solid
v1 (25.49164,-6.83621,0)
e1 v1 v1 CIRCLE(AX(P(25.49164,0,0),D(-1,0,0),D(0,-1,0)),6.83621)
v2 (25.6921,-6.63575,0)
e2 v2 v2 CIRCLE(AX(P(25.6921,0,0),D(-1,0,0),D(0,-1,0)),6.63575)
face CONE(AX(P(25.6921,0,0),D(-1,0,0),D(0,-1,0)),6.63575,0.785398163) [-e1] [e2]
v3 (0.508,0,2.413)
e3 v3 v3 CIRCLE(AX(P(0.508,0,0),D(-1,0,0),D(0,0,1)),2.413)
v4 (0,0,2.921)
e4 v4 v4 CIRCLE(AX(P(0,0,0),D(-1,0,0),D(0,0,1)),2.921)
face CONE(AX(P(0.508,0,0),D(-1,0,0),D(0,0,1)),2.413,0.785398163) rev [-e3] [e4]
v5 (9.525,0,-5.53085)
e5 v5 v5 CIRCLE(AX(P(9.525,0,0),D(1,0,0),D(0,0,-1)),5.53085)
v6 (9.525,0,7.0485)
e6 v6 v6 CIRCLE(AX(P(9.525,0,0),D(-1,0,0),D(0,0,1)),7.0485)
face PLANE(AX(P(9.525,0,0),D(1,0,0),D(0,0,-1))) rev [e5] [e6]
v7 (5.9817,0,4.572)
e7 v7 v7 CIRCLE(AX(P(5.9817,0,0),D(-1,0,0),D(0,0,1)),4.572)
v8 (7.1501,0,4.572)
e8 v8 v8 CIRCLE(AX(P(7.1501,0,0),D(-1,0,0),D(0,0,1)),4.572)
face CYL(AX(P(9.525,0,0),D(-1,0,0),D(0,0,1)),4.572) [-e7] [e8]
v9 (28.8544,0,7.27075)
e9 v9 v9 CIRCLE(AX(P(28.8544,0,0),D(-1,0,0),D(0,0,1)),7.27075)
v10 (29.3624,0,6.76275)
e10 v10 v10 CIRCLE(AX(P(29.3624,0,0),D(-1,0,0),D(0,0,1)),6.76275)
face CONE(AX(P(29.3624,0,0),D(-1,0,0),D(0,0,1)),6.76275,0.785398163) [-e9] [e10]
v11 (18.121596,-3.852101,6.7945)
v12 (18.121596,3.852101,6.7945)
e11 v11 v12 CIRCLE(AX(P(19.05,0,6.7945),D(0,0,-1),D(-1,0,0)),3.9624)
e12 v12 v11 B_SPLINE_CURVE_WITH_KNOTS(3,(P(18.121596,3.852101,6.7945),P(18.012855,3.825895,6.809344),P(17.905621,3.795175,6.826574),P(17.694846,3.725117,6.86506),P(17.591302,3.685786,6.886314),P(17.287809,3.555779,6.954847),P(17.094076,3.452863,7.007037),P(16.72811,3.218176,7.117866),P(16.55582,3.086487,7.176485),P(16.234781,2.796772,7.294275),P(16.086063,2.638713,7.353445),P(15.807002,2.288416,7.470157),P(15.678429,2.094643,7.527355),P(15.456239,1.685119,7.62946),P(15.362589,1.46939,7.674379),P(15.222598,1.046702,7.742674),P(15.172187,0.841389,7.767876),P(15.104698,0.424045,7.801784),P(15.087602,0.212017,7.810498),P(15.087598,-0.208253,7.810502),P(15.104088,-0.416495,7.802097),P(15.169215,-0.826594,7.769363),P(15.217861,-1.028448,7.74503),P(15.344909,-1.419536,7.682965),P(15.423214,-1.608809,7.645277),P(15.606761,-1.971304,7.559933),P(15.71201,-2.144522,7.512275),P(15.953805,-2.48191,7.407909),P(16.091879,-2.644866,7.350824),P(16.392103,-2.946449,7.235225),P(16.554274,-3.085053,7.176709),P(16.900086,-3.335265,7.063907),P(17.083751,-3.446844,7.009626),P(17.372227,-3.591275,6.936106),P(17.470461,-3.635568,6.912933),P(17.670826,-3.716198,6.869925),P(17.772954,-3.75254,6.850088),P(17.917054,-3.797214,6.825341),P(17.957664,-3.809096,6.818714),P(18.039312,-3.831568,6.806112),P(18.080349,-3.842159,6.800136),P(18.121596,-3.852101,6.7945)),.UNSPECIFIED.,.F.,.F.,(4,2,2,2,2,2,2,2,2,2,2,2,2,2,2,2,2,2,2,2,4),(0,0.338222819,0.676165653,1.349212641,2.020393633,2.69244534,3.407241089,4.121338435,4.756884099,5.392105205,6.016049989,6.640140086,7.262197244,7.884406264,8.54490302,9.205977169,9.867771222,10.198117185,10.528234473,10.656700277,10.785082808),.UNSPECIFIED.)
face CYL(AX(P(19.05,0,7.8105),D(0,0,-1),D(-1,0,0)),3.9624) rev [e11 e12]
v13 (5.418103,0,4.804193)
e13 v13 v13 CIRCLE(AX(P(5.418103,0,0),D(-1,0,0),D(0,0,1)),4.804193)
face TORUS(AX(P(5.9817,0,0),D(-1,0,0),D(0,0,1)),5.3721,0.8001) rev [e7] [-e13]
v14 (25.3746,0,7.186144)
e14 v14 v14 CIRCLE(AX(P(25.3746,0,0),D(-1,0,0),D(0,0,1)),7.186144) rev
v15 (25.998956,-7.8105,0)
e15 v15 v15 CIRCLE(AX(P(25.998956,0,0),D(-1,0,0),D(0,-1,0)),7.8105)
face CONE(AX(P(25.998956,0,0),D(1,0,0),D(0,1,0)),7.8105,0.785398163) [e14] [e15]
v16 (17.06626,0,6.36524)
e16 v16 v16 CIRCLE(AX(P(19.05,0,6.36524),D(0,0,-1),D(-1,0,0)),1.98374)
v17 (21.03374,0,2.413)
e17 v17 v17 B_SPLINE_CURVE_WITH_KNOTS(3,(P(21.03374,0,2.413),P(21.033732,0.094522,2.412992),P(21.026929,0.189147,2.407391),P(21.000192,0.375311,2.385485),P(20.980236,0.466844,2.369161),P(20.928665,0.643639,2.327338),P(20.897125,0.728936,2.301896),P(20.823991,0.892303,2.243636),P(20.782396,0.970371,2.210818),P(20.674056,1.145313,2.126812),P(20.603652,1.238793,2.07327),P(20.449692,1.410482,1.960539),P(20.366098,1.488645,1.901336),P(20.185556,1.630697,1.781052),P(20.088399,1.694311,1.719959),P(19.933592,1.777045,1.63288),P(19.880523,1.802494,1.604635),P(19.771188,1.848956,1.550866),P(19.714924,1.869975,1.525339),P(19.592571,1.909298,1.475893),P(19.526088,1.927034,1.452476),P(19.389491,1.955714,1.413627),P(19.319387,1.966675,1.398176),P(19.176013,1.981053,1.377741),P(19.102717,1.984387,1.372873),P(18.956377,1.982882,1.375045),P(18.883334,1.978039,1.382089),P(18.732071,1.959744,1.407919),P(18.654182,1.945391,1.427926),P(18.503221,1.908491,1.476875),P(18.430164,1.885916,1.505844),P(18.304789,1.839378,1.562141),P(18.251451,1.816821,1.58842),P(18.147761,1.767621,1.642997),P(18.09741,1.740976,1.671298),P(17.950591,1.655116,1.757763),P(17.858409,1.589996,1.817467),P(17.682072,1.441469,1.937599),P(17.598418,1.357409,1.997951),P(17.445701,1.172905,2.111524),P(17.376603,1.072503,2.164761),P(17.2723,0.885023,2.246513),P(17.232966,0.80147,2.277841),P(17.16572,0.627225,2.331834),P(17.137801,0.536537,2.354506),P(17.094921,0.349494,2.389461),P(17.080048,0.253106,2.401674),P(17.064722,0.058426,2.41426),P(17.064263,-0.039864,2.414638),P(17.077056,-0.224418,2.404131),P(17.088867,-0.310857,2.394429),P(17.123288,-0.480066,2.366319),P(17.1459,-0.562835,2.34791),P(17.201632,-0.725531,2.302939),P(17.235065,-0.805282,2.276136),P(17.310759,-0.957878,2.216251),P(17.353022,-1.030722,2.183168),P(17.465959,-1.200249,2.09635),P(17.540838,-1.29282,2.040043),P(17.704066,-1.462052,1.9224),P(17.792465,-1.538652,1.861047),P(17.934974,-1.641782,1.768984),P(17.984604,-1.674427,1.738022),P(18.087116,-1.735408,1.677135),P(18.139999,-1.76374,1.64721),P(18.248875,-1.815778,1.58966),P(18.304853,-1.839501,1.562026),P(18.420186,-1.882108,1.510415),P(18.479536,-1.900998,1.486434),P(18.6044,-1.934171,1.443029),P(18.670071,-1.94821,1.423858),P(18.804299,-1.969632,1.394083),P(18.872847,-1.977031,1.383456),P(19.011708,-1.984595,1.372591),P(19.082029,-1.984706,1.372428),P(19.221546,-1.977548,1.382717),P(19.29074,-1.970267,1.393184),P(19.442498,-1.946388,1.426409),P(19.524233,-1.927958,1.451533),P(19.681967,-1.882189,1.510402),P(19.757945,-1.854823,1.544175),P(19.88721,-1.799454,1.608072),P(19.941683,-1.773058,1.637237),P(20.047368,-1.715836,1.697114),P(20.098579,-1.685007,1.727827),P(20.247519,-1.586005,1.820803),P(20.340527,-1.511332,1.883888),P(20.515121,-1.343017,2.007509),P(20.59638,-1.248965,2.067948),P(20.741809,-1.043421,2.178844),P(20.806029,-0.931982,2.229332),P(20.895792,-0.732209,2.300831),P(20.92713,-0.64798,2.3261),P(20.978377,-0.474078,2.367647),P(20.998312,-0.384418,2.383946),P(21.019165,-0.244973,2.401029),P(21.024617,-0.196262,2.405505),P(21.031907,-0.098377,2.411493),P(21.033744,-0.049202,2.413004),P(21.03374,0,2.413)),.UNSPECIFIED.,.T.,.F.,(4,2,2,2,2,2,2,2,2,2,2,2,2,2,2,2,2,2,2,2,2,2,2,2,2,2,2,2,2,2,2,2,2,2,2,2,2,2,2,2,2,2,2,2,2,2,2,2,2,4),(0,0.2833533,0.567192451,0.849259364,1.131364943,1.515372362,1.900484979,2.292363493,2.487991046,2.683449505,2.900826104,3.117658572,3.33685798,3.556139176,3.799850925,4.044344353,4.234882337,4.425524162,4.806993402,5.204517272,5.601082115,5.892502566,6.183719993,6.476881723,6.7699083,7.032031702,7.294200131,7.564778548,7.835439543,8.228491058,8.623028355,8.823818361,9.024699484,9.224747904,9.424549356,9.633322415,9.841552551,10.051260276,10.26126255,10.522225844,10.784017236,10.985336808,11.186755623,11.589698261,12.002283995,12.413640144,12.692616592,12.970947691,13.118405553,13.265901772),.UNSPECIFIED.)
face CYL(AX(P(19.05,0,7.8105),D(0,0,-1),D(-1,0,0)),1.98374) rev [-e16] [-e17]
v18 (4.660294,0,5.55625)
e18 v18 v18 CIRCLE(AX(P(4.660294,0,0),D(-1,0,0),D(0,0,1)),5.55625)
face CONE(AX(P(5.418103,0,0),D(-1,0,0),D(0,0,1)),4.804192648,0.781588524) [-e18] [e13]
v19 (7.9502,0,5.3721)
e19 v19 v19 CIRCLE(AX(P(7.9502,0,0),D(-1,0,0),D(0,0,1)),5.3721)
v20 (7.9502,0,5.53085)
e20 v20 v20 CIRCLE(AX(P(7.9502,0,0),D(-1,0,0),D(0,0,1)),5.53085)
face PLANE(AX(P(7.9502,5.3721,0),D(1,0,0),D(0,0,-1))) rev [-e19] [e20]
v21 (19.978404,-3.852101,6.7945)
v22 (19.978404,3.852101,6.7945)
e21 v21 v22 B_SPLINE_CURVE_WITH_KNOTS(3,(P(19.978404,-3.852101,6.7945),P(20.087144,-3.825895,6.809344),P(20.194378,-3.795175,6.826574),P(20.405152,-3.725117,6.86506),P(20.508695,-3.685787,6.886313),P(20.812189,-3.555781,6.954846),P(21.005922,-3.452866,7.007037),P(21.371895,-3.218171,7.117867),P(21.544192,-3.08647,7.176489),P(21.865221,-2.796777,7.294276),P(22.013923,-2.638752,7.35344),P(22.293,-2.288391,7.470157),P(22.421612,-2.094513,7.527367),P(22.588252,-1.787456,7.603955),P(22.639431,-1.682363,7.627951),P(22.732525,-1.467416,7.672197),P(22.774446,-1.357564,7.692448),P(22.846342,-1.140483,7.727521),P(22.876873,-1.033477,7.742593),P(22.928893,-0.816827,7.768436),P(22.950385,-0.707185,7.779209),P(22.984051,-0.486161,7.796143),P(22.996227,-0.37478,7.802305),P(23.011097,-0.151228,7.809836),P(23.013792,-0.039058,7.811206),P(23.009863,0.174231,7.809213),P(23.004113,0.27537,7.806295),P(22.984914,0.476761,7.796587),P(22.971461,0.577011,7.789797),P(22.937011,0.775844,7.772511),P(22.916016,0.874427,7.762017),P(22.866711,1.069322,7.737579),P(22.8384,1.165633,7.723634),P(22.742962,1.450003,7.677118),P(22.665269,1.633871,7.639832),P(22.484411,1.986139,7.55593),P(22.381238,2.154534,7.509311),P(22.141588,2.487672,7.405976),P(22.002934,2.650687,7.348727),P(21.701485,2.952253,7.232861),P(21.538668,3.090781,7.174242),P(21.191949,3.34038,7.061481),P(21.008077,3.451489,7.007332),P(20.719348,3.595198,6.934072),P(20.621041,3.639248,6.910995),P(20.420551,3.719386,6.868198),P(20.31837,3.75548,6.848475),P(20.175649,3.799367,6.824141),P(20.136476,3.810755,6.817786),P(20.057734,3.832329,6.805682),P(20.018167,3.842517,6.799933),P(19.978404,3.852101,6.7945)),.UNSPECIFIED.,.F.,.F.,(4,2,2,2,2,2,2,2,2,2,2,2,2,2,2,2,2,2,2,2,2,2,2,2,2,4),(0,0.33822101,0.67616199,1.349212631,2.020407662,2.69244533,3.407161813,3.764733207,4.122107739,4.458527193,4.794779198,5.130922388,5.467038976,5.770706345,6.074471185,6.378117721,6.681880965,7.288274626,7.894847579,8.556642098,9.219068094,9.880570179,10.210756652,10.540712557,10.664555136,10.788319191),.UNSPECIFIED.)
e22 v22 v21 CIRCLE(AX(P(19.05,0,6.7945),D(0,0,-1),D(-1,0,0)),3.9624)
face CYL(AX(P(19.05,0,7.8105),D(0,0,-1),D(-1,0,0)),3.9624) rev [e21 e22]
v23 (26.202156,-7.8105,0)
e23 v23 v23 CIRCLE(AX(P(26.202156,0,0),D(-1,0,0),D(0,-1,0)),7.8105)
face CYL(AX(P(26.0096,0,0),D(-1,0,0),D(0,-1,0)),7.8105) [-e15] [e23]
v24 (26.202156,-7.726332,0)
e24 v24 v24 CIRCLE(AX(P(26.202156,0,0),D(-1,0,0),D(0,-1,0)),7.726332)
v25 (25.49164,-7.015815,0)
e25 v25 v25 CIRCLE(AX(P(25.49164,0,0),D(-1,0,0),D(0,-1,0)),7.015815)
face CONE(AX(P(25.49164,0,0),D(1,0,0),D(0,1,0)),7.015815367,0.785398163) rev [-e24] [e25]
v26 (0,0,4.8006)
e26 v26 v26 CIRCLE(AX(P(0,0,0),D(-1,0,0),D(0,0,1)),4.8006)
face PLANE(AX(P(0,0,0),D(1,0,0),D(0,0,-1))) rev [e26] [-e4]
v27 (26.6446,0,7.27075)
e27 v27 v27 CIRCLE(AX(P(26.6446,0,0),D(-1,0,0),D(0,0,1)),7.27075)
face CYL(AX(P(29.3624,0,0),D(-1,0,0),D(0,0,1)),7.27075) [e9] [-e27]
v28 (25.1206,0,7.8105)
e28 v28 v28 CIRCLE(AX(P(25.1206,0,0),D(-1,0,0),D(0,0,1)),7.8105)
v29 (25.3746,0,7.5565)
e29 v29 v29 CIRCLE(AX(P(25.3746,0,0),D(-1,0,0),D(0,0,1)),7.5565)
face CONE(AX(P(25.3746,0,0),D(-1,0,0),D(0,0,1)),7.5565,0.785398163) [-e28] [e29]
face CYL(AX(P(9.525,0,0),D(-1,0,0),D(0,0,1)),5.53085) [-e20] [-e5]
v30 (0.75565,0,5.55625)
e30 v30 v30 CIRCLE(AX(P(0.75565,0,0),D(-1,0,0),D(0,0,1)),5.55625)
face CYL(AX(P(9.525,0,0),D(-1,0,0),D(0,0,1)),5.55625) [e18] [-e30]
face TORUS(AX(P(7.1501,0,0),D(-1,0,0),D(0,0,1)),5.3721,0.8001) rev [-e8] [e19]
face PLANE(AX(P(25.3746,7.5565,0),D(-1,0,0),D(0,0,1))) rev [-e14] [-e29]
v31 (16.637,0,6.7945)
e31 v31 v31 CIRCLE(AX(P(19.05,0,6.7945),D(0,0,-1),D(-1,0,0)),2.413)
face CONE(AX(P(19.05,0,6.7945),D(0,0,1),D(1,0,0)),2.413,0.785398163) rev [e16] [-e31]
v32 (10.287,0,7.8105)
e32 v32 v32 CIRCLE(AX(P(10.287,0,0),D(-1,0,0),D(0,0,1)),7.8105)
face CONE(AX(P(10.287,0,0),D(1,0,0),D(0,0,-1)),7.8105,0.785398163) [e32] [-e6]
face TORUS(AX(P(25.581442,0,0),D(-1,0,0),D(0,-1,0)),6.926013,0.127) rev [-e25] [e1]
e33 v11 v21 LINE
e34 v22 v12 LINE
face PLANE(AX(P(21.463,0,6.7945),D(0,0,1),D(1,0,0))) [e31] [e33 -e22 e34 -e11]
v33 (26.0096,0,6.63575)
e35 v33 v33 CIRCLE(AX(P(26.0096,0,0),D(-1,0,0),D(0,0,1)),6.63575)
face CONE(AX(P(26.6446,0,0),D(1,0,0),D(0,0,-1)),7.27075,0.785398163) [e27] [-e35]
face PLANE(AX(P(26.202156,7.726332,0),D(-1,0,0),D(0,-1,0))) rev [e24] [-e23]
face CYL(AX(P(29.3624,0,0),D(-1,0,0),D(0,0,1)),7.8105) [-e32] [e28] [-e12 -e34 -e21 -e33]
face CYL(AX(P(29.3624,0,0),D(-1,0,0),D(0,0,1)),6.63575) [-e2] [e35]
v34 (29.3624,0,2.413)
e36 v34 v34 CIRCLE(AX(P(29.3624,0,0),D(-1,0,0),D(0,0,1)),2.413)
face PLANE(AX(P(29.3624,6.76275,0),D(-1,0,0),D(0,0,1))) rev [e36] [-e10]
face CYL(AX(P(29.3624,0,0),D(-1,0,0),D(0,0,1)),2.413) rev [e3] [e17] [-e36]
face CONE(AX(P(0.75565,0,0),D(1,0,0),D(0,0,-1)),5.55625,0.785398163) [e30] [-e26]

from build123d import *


with BuildPart() as part:
    # Sketch1 → Revolve1 (revolve)
    with BuildSketch(Plane.XY):
        with BuildLine():
            Line((0, 0), (0, 4.8006))
            Line((0, 4.8006), (0.75565, 5.55625))
            Line((0.75565, 5.55625), (4.660293864, 5.55625))
            Line((4.660293864, 5.55625), (5.418103291, 4.804192648))
            ThreePointArc((5.418103291, 4.804192648), (5.676923575, 4.6323221), (5.9817, 4.572))
            Line((5.9817, 4.572), (7.1501, 4.572))
            ThreePointArc((7.1501, 4.572), (7.715856136, 4.806343864), (7.9502, 5.3721))
            Line((7.9502, 5.3721), (7.9502, 5.53085))
            Line((7.9502, 5.53085), (9.525, 5.53085))
            Line((9.525, 5.53085), (9.525, 0))
            Line((9.525, 0), (0, 0))
        make_face()
    revolve(axis=Axis((9.525, 0, 0), (-1, 0, 0)))

    # Sketch2 → Revolve2 (revolve)
    with BuildSketch(Plane.XY):
        Polygon((9.525, 0), (9.525, 7.0485), (10.287, 7.8105), (25.1206, 7.8105), (25.3746, 7.5565), (25.3746, 6.63575), (26.0096, 6.63575), (26.6446, 7.27075), (28.8544, 7.27075), (29.3624, 6.76275), (29.3624, 0), align=None)
    revolve(axis=Axis((29.3624, 0, 0), (-1, 0, 0)))

    # Sketch3 → Cut-Revolve1 (revolve, cut)
    with BuildSketch(Plane.XY):
        Polygon((0, 0), (0, 2.921), (0.508, 2.413), (29.3624, 2.413), (29.3624, 0), align=None)
    revolve(axis=Axis((29.3624, 0, 0), (-1, 0, 0)), mode=Mode.SUBTRACT)

    # Sketch4 → Cut-Revolve2 (revolve, cut)
    with BuildSketch(Plane(origin=(0, 0, 0), x_dir=(1, 0, 0), z_dir=(0, 1, 0))):
        Polygon((19.05, 1.016), (21.03374, 1.016), (21.03374, -6.36524), (21.463, -6.7945), (23.0124, -6.7945), (23.0124, -7.8105), (19.05, -7.8105), align=None)
    revolve(axis=Axis((19.05, 0, 7.8105), (0, 0, -1)), mode=Mode.SUBTRACT)

    # Sketch5 → Revolve3 (revolve)
    with BuildSketch(Plane.XY):
        with BuildLine():
            Line((25.3746, 7.186143808), (25.3746, 6.38175))
            Line((25.3746, 6.38175), (26.0096, 6.38175))
            Line((26.0096, 6.38175), (26.0096, 6.63575))
            Line((26.0096, 6.63575), (25.6921, 6.63575))
            Line((25.6921, 6.63575), (25.491639755, 6.836210245))
            ThreePointArc((25.491639755, 6.836210245), (25.454442316, 6.926012806), (25.491639755, 7.015815367))
            Line((25.491639755, 7.015815367), (26.202156192, 7.726331804))
            Line((26.202156192, 7.726331804), (26.202156192, 7.8105))
            Line((26.202156192, 7.8105), (25.998956192, 7.8105))
            Line((25.998956192, 7.8105), (25.3746, 7.186143808))
        make_face()
    revolve(axis=Axis((26.0096, 0, 0), (-1, 0, 0)))


solid = part.part
